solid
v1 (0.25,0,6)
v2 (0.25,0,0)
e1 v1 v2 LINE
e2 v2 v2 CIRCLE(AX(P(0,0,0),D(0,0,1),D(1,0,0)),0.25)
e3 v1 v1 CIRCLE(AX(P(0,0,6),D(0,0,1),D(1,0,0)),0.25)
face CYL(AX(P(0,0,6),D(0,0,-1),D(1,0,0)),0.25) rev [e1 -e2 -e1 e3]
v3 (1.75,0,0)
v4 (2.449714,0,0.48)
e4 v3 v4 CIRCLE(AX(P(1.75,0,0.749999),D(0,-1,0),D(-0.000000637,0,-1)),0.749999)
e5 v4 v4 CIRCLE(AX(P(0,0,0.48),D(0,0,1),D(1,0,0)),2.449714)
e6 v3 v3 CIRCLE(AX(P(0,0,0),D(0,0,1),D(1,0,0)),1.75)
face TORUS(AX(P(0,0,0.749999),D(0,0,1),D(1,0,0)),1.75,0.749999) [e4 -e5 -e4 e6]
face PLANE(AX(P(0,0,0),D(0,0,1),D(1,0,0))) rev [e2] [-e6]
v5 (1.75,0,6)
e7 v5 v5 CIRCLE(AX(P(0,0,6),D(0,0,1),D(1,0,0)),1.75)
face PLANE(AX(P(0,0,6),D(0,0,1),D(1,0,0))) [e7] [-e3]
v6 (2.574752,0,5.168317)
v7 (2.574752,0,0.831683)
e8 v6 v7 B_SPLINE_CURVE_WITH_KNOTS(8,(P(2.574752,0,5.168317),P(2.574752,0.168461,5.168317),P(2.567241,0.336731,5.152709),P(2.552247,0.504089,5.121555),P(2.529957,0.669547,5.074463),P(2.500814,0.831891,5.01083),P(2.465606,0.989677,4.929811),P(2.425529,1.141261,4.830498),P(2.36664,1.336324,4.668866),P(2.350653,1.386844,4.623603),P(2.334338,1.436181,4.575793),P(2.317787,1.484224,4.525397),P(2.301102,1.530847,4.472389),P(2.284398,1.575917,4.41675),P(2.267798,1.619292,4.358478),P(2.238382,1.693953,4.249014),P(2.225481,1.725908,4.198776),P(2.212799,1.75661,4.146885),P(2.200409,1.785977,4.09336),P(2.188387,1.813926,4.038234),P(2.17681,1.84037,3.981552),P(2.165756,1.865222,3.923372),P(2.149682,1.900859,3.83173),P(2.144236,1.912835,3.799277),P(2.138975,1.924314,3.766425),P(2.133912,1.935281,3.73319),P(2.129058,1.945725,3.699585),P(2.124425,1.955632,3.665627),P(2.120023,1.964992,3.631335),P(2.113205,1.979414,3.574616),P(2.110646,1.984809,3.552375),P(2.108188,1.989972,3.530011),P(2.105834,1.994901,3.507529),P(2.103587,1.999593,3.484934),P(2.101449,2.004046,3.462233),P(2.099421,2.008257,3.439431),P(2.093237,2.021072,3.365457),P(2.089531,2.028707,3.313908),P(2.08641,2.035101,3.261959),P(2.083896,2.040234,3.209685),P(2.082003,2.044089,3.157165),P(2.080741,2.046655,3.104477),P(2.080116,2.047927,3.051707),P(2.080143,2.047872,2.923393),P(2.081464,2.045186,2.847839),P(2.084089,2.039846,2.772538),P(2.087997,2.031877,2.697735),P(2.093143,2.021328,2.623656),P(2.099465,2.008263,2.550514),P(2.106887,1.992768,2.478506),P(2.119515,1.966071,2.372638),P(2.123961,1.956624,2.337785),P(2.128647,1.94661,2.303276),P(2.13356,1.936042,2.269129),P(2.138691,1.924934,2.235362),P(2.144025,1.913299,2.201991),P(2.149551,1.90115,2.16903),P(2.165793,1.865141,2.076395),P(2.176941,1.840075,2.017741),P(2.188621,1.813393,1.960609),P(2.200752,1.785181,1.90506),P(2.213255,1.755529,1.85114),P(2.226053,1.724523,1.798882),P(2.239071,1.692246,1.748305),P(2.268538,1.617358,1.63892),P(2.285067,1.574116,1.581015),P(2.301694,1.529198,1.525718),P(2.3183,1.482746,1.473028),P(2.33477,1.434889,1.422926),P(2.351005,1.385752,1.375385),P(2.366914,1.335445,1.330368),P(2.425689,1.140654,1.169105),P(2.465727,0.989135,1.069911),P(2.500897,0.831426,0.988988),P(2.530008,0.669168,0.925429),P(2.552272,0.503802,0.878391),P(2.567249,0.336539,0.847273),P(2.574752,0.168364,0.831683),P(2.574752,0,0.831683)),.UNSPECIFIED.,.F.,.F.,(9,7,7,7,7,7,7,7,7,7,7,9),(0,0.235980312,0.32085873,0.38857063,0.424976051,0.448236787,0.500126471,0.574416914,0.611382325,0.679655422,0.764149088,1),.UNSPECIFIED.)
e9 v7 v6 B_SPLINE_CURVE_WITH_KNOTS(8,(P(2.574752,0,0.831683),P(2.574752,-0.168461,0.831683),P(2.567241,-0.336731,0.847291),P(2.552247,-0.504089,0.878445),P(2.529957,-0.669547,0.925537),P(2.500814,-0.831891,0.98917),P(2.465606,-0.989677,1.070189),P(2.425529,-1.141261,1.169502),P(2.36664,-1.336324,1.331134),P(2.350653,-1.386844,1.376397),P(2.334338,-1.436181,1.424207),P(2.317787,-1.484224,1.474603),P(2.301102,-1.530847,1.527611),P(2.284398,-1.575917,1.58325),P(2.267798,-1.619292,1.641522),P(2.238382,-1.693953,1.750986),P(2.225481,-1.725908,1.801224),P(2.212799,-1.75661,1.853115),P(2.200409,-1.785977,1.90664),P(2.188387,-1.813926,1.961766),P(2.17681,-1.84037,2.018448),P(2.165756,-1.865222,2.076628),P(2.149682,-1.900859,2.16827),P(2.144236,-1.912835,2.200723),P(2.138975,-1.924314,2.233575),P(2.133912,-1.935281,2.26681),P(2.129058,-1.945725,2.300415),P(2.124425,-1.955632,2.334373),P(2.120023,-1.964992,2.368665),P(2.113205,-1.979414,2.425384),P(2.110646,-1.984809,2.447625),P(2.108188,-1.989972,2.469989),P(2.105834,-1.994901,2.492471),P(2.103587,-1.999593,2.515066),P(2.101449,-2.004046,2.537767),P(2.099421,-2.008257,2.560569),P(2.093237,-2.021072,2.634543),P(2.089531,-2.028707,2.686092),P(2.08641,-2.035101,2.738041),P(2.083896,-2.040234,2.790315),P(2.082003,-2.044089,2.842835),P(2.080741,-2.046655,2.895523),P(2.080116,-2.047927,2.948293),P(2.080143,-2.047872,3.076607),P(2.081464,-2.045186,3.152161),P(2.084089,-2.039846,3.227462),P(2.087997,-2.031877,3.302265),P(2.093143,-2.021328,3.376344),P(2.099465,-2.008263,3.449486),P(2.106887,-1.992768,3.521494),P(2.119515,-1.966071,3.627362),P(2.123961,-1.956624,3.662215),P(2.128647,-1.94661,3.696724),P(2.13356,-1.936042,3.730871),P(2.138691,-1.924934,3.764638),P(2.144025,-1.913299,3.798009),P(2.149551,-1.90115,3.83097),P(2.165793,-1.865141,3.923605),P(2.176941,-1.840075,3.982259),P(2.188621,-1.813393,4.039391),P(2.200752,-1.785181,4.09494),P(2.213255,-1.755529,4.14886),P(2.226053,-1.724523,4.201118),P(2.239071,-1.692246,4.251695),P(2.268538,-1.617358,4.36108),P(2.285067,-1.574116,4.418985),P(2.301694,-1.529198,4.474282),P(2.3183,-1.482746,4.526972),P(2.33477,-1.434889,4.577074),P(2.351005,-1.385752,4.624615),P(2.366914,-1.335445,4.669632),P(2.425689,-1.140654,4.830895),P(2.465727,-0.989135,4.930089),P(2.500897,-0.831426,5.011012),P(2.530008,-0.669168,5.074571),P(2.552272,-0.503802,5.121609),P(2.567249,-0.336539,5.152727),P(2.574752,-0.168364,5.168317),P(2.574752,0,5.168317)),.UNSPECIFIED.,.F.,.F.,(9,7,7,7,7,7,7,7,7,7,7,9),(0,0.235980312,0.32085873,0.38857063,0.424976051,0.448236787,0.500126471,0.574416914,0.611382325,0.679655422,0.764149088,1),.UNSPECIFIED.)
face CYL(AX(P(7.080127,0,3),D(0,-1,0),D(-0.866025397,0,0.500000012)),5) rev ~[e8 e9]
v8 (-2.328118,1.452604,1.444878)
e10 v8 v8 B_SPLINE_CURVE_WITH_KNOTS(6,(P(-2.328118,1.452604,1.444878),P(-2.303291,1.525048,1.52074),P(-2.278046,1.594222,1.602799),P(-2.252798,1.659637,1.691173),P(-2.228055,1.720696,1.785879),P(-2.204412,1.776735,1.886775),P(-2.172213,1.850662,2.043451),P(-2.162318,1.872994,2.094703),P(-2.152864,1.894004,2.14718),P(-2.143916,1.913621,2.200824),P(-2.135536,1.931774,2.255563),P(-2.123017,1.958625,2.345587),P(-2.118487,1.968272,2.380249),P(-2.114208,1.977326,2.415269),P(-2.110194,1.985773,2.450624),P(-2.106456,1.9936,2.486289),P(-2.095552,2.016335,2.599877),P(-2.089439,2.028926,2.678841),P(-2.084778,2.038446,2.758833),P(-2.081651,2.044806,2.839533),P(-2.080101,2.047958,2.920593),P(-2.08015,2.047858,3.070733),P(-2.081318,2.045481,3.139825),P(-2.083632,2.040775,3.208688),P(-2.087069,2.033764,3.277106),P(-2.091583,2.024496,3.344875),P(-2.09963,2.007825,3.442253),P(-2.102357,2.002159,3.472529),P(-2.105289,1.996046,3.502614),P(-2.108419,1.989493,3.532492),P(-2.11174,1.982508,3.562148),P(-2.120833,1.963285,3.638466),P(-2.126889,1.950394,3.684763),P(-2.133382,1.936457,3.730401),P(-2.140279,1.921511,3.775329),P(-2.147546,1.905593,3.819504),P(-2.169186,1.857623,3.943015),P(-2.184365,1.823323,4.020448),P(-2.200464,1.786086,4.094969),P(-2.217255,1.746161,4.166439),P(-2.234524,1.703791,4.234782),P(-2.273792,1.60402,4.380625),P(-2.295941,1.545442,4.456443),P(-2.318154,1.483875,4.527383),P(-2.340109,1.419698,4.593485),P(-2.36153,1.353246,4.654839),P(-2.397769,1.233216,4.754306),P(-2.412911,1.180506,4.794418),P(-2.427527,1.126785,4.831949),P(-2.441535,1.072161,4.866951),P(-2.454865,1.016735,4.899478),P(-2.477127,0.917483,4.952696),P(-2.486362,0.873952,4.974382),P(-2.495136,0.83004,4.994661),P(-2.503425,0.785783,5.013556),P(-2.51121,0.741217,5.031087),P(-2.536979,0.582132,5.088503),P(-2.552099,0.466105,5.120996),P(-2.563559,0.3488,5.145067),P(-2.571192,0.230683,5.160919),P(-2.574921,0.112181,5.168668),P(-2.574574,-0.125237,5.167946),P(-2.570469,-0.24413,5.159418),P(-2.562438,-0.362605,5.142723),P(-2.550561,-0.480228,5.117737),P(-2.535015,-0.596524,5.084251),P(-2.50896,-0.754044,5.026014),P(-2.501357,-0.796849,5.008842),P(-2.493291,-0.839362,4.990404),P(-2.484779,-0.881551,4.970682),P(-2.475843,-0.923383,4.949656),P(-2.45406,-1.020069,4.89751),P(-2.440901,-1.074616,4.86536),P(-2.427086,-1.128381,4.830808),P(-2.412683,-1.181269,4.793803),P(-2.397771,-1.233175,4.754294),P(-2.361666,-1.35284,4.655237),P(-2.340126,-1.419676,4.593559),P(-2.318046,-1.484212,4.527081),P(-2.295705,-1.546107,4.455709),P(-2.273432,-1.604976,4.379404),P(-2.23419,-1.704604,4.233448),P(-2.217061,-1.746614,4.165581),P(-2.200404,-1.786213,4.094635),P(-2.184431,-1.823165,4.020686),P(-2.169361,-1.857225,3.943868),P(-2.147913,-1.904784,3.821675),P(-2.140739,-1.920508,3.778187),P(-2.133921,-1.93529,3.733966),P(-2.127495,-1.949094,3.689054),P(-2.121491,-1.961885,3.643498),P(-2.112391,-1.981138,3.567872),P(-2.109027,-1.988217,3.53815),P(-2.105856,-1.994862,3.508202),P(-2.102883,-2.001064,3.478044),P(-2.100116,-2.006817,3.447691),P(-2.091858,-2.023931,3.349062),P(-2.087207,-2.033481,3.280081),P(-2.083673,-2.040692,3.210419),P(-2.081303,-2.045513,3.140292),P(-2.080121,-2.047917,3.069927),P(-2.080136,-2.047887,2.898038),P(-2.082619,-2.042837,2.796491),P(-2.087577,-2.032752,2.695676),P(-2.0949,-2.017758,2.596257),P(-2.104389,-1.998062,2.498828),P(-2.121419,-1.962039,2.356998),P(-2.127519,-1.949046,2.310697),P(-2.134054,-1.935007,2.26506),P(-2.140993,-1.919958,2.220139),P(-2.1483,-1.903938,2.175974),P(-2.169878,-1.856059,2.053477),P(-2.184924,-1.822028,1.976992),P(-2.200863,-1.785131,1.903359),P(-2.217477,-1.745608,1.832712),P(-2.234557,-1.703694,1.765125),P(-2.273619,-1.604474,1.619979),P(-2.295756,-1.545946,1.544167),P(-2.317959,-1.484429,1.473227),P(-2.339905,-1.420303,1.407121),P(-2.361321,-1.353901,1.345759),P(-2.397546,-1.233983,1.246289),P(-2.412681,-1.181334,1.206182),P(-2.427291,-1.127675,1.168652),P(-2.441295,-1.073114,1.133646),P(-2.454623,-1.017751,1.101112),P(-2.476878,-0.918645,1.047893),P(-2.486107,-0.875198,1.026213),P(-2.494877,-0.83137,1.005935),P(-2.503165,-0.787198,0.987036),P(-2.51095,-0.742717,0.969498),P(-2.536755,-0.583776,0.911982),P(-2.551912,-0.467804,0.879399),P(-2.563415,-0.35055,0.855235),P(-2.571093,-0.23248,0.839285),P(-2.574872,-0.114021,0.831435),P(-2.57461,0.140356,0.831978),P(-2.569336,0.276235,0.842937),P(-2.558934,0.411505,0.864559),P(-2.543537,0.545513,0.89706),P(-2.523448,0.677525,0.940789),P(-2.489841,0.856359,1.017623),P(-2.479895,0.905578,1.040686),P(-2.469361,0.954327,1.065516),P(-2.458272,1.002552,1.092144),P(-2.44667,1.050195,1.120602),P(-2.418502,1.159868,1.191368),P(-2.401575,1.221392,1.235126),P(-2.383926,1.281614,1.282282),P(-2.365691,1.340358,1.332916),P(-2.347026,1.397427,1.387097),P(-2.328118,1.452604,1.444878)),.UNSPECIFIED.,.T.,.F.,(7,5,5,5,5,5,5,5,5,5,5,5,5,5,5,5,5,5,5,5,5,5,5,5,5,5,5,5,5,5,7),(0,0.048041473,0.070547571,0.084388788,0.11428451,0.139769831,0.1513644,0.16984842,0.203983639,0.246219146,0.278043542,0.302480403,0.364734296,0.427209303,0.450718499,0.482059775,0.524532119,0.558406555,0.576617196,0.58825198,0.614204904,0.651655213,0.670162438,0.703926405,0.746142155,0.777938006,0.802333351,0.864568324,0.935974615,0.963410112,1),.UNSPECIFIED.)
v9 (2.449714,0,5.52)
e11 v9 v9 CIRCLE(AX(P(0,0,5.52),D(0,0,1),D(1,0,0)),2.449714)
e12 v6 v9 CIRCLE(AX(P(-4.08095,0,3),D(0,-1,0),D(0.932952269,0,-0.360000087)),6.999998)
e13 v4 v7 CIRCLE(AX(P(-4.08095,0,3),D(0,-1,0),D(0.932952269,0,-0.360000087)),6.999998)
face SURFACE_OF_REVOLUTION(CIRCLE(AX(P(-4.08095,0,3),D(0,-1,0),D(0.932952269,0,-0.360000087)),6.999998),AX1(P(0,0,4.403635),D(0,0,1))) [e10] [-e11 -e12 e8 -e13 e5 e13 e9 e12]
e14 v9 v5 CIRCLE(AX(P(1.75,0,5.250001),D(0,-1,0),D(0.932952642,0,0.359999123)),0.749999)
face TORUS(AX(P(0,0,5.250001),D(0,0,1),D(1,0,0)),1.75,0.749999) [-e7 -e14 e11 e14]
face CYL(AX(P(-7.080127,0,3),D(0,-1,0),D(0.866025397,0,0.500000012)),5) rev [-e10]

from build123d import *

# Parameters (mm, degrees)
F3_DEPTH      = 3
F3_DEPTH_BACK = 3


with BuildPart() as f1:
    # F0 (on Front) → F1 (revolve)
    with BuildSketch(Plane.XZ):
        with BuildLine():
            Line((0.25, 6), (0.25, 0))
            Line((0.25, 0), (1.75, 0))
            ThreePointArc((1.75, 0), (2.174264, 0.131534), (2.449714, 0.48))
            ThreePointArc((2.449714, 0.48), (2.919048, 3), (2.449714, 5.52))
            ThreePointArc((2.449714, 5.52), (2.174264, 5.868466), (1.75, 6))
            Line((1.75, 6), (0.25, 6))
        make_face()
    revolve(axis=Axis((0, 0, 4.403635), (0, 0, 1)))


with BuildPart() as f3:
    # F2 (on Front) → F3 (new body, two sides)
    with BuildSketch(Plane.XZ) as f3_sk:
        with BuildLine():
            Line((3.75, 5.5), (2.75, 5.5))
            ThreePointArc((2.75, 5.5), (2.080127, 3), (2.75, 0.5))
            Line((2.75, 0.5), (3.75, 0.5))
            Line((3.75, 0.5), (3.75, 5.5))
        make_face()
    extrude(amount=F3_DEPTH)
    extrude(f3_sk.sketch, amount=-F3_DEPTH_BACK)


with BuildPart() as f4_1:
    # F4: instance of F3
    add(f3.part.mirror(Plane.YZ))


with BuildPart() as f1_1:
    add(f1.part)

    # F5: cut F3, F4_1
    add(f3.part, mode=Mode.SUBTRACT)
    add(f4_1.part, mode=Mode.SUBTRACT)


solid = f1_1.part
